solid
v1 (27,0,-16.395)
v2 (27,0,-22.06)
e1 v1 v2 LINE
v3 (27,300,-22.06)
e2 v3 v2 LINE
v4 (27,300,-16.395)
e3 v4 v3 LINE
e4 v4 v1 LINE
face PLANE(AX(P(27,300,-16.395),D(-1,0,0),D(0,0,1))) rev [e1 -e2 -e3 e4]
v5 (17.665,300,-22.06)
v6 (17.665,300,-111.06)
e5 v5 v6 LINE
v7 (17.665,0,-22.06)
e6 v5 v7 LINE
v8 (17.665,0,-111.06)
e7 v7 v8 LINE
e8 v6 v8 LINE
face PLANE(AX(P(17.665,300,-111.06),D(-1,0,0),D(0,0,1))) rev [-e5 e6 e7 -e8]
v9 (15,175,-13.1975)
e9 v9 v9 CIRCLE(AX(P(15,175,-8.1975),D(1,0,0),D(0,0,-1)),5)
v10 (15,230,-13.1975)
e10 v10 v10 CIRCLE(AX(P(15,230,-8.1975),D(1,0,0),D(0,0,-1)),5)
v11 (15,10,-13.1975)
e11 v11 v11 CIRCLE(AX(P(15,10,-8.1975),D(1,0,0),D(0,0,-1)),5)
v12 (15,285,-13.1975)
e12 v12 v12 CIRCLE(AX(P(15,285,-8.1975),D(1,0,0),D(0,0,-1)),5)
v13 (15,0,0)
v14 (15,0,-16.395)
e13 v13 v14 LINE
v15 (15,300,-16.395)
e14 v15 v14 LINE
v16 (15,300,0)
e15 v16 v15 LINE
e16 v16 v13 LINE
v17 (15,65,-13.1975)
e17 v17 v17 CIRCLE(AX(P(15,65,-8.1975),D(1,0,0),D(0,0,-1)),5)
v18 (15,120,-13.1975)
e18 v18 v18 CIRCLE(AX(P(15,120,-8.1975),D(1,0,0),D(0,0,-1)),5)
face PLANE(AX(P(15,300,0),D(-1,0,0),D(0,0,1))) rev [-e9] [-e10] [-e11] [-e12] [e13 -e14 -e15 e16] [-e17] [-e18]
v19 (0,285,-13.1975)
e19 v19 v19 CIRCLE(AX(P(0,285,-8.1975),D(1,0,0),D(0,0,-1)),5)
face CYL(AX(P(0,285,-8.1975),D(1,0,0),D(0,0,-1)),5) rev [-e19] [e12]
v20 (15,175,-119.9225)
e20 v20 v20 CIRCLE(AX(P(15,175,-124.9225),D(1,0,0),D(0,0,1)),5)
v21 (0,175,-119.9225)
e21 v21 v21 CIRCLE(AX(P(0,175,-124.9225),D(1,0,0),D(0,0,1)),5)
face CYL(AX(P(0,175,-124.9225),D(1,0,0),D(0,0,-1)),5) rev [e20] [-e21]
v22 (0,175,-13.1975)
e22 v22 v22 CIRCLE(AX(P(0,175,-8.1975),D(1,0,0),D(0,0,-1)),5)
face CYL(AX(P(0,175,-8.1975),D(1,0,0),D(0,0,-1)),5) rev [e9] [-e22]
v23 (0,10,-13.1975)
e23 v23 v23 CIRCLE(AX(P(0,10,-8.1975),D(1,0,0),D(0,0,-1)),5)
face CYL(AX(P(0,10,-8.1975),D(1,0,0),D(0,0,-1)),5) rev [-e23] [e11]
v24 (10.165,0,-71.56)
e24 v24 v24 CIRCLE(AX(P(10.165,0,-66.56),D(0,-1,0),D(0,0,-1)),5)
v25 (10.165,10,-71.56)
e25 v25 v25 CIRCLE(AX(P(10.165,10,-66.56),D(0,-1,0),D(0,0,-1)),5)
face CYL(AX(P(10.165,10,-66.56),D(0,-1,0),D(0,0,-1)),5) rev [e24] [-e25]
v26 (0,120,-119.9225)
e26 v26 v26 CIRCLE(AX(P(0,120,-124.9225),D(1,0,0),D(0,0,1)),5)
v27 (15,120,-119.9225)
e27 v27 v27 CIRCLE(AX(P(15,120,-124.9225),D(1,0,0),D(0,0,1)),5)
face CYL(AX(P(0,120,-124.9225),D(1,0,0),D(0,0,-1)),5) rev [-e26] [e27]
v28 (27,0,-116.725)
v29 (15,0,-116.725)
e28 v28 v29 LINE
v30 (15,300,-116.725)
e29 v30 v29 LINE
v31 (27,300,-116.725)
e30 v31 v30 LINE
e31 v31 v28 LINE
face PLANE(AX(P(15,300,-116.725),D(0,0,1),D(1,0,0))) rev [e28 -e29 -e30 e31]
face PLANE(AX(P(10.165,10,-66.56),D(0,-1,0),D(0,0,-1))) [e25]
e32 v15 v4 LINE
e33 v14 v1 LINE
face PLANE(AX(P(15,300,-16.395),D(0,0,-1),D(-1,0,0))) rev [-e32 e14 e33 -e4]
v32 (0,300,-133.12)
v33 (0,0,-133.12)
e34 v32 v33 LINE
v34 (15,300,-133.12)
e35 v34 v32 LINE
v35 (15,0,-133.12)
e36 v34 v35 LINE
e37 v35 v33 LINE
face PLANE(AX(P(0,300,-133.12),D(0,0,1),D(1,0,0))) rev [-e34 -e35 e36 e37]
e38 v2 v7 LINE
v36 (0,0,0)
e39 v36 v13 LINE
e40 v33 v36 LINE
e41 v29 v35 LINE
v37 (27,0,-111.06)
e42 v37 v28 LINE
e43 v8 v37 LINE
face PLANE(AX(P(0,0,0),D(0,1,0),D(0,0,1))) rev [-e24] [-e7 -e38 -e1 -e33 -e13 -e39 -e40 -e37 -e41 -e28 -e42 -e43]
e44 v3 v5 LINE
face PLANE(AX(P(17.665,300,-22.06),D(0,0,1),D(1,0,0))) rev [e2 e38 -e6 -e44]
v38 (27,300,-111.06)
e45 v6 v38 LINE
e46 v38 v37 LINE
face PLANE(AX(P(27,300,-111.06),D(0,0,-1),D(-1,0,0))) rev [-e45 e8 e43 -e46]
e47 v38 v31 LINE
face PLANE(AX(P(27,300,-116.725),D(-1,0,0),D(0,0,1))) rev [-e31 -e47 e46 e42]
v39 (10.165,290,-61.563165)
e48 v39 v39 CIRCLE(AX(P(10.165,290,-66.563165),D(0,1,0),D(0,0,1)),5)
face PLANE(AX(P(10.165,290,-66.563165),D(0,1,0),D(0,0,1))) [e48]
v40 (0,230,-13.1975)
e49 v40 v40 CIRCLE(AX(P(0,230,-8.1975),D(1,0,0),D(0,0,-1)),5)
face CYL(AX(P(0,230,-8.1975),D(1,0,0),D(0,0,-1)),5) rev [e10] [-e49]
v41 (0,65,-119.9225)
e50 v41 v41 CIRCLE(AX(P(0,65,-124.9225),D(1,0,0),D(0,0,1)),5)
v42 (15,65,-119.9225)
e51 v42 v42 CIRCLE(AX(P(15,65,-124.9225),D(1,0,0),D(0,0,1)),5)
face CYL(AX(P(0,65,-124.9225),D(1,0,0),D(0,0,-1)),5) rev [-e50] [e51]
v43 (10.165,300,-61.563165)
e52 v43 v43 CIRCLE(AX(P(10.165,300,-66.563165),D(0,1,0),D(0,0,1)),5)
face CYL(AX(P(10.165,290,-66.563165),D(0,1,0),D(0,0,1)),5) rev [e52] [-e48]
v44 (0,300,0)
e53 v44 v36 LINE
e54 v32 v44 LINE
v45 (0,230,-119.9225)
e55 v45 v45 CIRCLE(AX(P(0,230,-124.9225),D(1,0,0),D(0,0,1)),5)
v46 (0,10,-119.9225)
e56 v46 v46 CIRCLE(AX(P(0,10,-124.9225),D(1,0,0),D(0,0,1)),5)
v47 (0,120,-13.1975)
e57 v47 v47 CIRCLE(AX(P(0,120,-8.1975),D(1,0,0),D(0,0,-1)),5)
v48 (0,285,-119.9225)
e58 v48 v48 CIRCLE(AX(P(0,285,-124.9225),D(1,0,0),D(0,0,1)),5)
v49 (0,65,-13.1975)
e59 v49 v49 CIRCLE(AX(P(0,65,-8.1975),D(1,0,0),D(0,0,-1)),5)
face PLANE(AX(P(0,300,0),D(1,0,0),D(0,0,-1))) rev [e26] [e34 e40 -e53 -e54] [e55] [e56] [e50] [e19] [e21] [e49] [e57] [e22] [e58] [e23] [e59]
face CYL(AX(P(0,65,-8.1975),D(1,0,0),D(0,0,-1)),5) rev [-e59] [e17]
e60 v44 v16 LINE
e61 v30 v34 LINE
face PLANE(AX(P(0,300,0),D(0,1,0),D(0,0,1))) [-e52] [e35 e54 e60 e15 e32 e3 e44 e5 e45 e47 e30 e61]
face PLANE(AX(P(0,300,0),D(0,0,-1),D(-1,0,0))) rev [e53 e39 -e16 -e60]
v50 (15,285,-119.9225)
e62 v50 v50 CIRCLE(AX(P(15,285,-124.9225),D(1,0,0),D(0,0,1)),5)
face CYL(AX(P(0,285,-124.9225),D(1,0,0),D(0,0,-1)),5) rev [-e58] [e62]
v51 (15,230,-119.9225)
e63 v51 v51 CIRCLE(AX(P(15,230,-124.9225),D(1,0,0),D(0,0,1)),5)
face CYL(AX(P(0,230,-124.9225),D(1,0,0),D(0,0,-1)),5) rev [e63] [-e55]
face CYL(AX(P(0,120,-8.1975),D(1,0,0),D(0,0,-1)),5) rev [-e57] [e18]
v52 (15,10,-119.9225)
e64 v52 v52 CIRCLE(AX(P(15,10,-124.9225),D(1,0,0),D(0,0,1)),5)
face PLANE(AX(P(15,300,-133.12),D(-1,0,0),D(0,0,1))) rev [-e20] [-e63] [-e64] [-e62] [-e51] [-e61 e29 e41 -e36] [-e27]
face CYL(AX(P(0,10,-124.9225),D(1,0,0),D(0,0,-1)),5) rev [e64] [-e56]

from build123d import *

# Parameters (mm, degrees)
BOSS_EXTRUDE1_DEPTH = 300
SKETCH3_R           = 5
CUT_EXTRUDE1_DEPTH  = 329.551266015
SKETCH5_R           = 5
CUT_EXTRUDE2_DEPTH  = 10
SKETCH7_R           = 5
CUT_EXTRUDE5_DEPTH  = 10


with BuildPart() as part:
    # Sketch2 → Boss-Extrude1 (new body)
    with BuildSketch(Plane(origin=(0, 0, 0), x_dir=(1, 0, 0), z_dir=(0, 1, 0))):
        Polygon((0, 0), (0, 133.12), (15, 133.12), (15, 116.725), (27, 116.725), (27, 111.06), (17.665, 111.06), (17.665, 22.06), (27, 22.06), (27, 16.395), (15, 16.395), (15, 0), align=None)
    extrude(amount=BOSS_EXTRUDE1_DEPTH)

    # Sketch3 → Cut-Extrude1 (cut, through all)
    with BuildSketch(Plane(origin=(15, 0, 0), x_dir=(0, 0, -1), z_dir=(1, 0, 0))):
        with Locations((8.1975, 285)):
            Circle(SKETCH3_R)
        with Locations((8.1975, 230)):
            Circle(SKETCH3_R)
        with Locations((8.1975, 175)):
            Circle(SKETCH3_R)
        with Locations((8.1975, 120)):
            Circle(SKETCH3_R)
        with Locations((8.1975, 65)):
            Circle(SKETCH3_R)
        with Locations((8.1975, 10)):
            Circle(SKETCH3_R)
        with Locations(Location((124.9225, 10, 0), (0, 0, 180))):
            Circle(SKETCH3_R)
        with Locations(Location((124.9225, 65, 0), (0, 0, 180))):
            Circle(SKETCH3_R)
        with Locations(Location((124.9225, 120, 0), (0, 0, 180))):
            Circle(SKETCH3_R)
        with Locations(Location((124.9225, 175, 0), (0, 0, 180))):
            Circle(SKETCH3_R)
        with Locations(Location((124.9225, 230, 0), (0, 0, 180))):
            Circle(SKETCH3_R)
        with Locations(Location((124.9225, 285, 0), (0, 0, 180))):
            Circle(SKETCH3_R)
    extrude(amount=-CUT_EXTRUDE1_DEPTH, mode=Mode.SUBTRACT)

    # Sketch5 → Cut-Extrude2 (cut)
    with BuildSketch(Plane(origin=(0, 300, 0), x_dir=(1, 0, 0), z_dir=(0, 1, 0))):
        with Locations(Location((10.165, 66.563164806, 0), (0, 0, 270))):
            Circle(SKETCH5_R)
    extrude(amount=-CUT_EXTRUDE2_DEPTH, mode=Mode.SUBTRACT)

    # Sketch7 → Cut-Extrude5 (cut)
    with BuildSketch(Plane.XZ):
        with Locations(Location((10.165, -66.56, 0), (0, 0, 270))):
            Circle(SKETCH7_R)
    extrude(amount=-CUT_EXTRUDE5_DEPTH, mode=Mode.SUBTRACT)


solid = part.part
